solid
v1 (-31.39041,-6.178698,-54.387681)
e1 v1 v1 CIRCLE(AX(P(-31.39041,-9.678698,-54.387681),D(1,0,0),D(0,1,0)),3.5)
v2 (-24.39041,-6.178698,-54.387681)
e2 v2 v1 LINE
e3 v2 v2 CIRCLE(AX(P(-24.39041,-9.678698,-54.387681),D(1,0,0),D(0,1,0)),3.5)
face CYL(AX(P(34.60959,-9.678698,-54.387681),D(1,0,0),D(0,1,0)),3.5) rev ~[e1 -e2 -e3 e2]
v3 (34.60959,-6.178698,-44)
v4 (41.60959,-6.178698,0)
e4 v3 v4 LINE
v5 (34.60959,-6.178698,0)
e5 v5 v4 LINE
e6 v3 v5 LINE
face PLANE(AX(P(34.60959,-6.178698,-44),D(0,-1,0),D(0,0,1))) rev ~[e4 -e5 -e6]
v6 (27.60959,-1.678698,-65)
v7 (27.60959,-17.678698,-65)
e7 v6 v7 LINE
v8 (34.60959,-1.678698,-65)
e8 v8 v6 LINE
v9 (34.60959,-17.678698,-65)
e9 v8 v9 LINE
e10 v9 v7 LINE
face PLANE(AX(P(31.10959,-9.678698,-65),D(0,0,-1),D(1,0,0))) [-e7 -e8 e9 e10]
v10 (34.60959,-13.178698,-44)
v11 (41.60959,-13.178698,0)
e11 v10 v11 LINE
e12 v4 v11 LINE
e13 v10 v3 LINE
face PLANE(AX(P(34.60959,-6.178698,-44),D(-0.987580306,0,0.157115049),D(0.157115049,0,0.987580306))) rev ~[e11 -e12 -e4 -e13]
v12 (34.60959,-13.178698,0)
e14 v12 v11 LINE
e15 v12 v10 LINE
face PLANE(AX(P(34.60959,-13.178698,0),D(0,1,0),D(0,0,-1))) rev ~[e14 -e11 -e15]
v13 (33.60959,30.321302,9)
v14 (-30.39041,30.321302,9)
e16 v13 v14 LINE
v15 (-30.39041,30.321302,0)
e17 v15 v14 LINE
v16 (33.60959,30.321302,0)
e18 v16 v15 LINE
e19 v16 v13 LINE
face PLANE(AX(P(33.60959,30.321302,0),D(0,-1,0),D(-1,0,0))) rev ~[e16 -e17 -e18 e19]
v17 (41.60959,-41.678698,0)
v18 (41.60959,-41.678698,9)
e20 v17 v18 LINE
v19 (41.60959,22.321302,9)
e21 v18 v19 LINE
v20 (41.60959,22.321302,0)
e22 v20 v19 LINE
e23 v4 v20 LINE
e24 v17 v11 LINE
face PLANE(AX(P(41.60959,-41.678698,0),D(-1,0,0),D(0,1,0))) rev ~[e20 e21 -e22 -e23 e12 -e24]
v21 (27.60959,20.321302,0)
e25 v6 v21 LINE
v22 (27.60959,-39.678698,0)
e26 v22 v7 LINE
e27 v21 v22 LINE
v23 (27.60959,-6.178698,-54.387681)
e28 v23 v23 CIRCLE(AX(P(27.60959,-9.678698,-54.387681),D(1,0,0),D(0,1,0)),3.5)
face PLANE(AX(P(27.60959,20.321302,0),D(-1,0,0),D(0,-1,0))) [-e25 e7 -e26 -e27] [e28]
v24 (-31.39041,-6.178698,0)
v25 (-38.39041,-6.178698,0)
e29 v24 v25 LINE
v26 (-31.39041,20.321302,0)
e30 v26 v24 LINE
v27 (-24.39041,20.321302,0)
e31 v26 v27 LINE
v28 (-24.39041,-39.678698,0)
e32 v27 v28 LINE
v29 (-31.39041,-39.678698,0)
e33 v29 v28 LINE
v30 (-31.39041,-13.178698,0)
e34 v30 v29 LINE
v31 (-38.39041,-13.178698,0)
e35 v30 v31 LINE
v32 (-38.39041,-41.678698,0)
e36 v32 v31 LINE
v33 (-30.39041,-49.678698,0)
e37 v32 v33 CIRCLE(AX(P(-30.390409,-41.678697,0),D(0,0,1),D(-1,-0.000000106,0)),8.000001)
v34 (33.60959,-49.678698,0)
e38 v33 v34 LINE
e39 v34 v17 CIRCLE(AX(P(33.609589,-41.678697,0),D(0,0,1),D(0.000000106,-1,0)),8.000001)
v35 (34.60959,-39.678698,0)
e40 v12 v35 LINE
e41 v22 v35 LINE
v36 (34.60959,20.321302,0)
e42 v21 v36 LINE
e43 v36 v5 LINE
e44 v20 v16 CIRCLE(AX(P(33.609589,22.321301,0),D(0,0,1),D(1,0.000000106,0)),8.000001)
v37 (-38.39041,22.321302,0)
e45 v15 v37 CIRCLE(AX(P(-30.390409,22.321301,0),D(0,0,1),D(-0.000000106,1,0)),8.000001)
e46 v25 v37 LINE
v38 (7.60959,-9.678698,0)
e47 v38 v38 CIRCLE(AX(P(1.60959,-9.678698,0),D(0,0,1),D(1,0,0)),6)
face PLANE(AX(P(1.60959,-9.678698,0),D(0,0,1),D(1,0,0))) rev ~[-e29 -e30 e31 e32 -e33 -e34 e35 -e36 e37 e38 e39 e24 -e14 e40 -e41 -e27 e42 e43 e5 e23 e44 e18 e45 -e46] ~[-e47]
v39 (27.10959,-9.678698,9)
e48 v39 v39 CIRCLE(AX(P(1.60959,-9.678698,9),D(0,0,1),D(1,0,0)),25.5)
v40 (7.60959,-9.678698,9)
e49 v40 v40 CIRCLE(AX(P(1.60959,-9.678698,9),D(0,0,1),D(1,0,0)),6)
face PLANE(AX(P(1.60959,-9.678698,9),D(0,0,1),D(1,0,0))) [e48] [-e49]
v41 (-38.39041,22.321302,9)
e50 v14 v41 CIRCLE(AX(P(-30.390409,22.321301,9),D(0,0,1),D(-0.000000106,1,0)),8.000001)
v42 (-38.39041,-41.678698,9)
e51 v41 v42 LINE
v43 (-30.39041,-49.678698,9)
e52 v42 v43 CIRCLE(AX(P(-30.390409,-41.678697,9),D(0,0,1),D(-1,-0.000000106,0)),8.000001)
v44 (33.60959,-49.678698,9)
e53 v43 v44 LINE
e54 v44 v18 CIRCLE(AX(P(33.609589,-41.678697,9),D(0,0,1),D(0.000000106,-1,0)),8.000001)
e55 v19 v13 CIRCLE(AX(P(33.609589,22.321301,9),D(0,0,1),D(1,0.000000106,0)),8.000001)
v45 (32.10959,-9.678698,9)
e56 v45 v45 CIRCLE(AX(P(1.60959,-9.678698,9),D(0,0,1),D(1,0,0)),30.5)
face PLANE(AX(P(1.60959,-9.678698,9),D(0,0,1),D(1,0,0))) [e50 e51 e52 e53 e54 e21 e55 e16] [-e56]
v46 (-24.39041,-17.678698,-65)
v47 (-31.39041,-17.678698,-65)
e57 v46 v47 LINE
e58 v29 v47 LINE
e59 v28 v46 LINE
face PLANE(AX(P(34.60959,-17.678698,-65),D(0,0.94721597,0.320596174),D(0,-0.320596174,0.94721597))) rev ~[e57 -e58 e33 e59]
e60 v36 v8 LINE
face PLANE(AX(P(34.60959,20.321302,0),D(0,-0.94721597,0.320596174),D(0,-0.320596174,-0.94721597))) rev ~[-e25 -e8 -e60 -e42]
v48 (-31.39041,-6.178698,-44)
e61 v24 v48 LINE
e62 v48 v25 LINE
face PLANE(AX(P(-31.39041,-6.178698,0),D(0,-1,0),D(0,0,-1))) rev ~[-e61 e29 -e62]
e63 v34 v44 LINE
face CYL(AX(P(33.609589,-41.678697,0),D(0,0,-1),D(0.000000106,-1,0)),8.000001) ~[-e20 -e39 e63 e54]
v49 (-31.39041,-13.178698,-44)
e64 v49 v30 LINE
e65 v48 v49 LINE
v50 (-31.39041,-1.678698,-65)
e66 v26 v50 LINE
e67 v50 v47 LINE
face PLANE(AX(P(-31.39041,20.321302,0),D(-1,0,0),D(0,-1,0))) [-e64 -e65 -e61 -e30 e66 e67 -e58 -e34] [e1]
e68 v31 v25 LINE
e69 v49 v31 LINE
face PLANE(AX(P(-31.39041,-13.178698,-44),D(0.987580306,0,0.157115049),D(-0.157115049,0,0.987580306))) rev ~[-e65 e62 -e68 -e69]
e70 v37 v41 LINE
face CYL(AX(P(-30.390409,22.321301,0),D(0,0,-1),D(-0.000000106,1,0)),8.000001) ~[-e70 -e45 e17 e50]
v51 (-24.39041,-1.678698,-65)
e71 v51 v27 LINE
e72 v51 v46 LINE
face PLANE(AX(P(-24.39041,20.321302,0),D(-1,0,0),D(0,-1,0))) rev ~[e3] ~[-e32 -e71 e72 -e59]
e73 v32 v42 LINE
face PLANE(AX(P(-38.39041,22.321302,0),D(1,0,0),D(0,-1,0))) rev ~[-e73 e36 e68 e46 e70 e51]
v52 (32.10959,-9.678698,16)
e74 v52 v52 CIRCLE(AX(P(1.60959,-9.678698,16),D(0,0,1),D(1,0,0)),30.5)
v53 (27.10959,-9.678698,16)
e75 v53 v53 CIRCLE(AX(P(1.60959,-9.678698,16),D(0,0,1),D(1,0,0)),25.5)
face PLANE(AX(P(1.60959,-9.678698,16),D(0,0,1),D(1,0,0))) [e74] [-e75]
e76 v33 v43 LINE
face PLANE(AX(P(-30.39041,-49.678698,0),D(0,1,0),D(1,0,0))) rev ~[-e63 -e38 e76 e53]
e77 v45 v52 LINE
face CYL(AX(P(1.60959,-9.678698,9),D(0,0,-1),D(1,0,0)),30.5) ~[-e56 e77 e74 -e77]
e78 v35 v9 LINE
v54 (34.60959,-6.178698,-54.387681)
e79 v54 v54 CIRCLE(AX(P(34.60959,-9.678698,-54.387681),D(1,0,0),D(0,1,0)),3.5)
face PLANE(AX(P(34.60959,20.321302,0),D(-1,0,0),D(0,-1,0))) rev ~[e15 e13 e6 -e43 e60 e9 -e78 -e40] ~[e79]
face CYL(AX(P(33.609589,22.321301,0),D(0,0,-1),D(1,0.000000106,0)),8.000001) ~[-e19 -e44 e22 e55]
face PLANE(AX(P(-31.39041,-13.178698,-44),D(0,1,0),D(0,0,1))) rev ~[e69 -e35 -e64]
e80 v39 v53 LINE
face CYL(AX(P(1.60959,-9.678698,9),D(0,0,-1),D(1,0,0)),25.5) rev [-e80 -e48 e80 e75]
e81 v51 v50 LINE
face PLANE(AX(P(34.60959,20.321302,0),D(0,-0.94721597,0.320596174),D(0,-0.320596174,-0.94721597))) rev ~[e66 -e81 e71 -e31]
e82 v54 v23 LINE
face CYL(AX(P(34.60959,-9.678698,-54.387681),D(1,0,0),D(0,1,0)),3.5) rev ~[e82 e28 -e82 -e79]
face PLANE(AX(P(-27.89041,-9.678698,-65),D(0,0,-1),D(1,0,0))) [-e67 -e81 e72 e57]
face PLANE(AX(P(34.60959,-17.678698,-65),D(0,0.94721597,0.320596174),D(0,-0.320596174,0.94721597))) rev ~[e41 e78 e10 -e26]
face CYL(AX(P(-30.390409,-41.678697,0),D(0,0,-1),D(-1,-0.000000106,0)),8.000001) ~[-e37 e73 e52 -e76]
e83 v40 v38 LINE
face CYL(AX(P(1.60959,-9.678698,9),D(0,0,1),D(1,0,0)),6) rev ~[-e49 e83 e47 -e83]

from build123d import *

# Parameters (mm, degrees)
F1_DEPTH  = 9
F2_R      = 30.5
F2_R_2    = 25.5
F3_DEPTH  = 7
F4_R      = 6
F5_DEPTH  = 9.001
F6_W      = 7
F6_H      = 60
F7_DEPTH  = 65
F9_DEPTH  = 73.001
F11_DEPTH = 7
F13_DEPTH = 43.501
F15_DEPTH = 7
F17_DEPTH = 43.501
F18_R     = 3.5
F19_DEPTH = 73.001


with BuildPart() as f1:
    # F0 (on Top) → F1 (new body)
    with BuildSketch(Plane.XY):
        with BuildLine():
            Line((33.60959, 30.321302), (-30.39041, 30.321302))
            ThreePointArc((-30.39041, 30.321302), (-36.047264, 27.978156), (-38.39041, 22.321302))
            Line((-38.39041, 22.321302), (-38.39041, -41.678698))
            ThreePointArc((-38.39041, -41.678698), (-36.047264, -47.335552), (-30.39041, -49.678698))
            Line((-30.39041, -49.678698), (33.60959, -49.678698))
            ThreePointArc((33.60959, -49.678698), (39.266444, -47.335552), (41.60959, -41.678698))
            Line((41.60959, -41.678698), (41.60959, 22.321302))
            ThreePointArc((41.60959, 22.321302), (39.266444, 27.978156), (33.60959, 30.321302))
        make_face()
    extrude(amount=F1_DEPTH)

    # F2 (on face) → F3 (join)
    with BuildSketch(Plane.XY.offset(9)):
        with Locations((1.60959, -9.678698)):
            Circle(F2_R)
        with Locations((1.60959, -9.678698)):
            Circle(F2_R_2, mode=Mode.SUBTRACT)
    extrude(amount=F3_DEPTH)

    # F4 (on face) → F5 (cut, through all)
    with BuildSketch(Plane.XY.offset(9)):
        with Locations((1.60959, -9.678698)):
            Circle(F4_R)
    extrude(amount=-F5_DEPTH, mode=Mode.SUBTRACT)

    # F6 (on face) → F7 (join)
    with BuildSketch(Plane(origin=(0, 0, 0), x_dir=(1, 0, 0), z_dir=(0, 0, -1))):
        with Locations((-27.89041, 9.678698)):
            Rectangle(F6_W, F6_H)
        with Locations((31.10959, 9.678698)):
            Rectangle(F6_W, F6_H)
    extrude(amount=F7_DEPTH)

    # F8 (on face) → F9 (cut, through all)
    with BuildSketch(Plane.YZ.offset(34.60959)):
        Polygon((20.321302, -65), (20.321302, 0), (-1.678698, -65), align=None)
        Polygon((-17.678698, -65), (-39.678698, 0), (-39.678698, -65), align=None)
    extrude(amount=-F9_DEPTH, mode=Mode.SUBTRACT)

    # F10 (on face) → F11 (join)
    with BuildSketch(Plane.YZ.offset(34.60959)):
        Polygon((-6.178698, 0), (-9.678698, 0), (-13.178698, 0), (-13.178698, -44), (-6.178698, -44), align=None)
    extrude(amount=F11_DEPTH)

    # F12 (on face) → F13 (cut, through all)
    with BuildSketch(Plane(origin=(0, -6.178698, 0), x_dir=(-1, 0, 0), z_dir=(0, 1, 0))):
        Polygon((-34.60959, -44), (-41.60959, 0), (-41.60959, -44), align=None)
    extrude(amount=-F13_DEPTH, mode=Mode.SUBTRACT)

    # F14 (on face) → F15 (join)
    with BuildSketch(Plane(origin=(-31.39041, 0, 0), x_dir=(0, -1, 0), z_dir=(-1, 0, 0))):
        Polygon((13.178698, 0), (9.678698, 0), (6.178698, 0), (6.178698, -44), (13.178698, -44), align=None)
    extrude(amount=F15_DEPTH)

    # F16 (on face) → F17 (cut, through all)
    with BuildSketch(Plane.XZ.offset(13.178698)):
        Polygon((-31.39041, -44), (-38.39041, 0), (-38.39041, -44), align=None)
    extrude(amount=-F17_DEPTH, mode=Mode.SUBTRACT)

    # F18 (on face) → F19 (cut, through all)
    with BuildSketch(Plane.YZ.offset(34.60959)):
        with Locations((-9.678698, -54.387681)):
            Circle(F18_R)
    extrude(amount=-F19_DEPTH, mode=Mode.SUBTRACT)


solid = f1.part
